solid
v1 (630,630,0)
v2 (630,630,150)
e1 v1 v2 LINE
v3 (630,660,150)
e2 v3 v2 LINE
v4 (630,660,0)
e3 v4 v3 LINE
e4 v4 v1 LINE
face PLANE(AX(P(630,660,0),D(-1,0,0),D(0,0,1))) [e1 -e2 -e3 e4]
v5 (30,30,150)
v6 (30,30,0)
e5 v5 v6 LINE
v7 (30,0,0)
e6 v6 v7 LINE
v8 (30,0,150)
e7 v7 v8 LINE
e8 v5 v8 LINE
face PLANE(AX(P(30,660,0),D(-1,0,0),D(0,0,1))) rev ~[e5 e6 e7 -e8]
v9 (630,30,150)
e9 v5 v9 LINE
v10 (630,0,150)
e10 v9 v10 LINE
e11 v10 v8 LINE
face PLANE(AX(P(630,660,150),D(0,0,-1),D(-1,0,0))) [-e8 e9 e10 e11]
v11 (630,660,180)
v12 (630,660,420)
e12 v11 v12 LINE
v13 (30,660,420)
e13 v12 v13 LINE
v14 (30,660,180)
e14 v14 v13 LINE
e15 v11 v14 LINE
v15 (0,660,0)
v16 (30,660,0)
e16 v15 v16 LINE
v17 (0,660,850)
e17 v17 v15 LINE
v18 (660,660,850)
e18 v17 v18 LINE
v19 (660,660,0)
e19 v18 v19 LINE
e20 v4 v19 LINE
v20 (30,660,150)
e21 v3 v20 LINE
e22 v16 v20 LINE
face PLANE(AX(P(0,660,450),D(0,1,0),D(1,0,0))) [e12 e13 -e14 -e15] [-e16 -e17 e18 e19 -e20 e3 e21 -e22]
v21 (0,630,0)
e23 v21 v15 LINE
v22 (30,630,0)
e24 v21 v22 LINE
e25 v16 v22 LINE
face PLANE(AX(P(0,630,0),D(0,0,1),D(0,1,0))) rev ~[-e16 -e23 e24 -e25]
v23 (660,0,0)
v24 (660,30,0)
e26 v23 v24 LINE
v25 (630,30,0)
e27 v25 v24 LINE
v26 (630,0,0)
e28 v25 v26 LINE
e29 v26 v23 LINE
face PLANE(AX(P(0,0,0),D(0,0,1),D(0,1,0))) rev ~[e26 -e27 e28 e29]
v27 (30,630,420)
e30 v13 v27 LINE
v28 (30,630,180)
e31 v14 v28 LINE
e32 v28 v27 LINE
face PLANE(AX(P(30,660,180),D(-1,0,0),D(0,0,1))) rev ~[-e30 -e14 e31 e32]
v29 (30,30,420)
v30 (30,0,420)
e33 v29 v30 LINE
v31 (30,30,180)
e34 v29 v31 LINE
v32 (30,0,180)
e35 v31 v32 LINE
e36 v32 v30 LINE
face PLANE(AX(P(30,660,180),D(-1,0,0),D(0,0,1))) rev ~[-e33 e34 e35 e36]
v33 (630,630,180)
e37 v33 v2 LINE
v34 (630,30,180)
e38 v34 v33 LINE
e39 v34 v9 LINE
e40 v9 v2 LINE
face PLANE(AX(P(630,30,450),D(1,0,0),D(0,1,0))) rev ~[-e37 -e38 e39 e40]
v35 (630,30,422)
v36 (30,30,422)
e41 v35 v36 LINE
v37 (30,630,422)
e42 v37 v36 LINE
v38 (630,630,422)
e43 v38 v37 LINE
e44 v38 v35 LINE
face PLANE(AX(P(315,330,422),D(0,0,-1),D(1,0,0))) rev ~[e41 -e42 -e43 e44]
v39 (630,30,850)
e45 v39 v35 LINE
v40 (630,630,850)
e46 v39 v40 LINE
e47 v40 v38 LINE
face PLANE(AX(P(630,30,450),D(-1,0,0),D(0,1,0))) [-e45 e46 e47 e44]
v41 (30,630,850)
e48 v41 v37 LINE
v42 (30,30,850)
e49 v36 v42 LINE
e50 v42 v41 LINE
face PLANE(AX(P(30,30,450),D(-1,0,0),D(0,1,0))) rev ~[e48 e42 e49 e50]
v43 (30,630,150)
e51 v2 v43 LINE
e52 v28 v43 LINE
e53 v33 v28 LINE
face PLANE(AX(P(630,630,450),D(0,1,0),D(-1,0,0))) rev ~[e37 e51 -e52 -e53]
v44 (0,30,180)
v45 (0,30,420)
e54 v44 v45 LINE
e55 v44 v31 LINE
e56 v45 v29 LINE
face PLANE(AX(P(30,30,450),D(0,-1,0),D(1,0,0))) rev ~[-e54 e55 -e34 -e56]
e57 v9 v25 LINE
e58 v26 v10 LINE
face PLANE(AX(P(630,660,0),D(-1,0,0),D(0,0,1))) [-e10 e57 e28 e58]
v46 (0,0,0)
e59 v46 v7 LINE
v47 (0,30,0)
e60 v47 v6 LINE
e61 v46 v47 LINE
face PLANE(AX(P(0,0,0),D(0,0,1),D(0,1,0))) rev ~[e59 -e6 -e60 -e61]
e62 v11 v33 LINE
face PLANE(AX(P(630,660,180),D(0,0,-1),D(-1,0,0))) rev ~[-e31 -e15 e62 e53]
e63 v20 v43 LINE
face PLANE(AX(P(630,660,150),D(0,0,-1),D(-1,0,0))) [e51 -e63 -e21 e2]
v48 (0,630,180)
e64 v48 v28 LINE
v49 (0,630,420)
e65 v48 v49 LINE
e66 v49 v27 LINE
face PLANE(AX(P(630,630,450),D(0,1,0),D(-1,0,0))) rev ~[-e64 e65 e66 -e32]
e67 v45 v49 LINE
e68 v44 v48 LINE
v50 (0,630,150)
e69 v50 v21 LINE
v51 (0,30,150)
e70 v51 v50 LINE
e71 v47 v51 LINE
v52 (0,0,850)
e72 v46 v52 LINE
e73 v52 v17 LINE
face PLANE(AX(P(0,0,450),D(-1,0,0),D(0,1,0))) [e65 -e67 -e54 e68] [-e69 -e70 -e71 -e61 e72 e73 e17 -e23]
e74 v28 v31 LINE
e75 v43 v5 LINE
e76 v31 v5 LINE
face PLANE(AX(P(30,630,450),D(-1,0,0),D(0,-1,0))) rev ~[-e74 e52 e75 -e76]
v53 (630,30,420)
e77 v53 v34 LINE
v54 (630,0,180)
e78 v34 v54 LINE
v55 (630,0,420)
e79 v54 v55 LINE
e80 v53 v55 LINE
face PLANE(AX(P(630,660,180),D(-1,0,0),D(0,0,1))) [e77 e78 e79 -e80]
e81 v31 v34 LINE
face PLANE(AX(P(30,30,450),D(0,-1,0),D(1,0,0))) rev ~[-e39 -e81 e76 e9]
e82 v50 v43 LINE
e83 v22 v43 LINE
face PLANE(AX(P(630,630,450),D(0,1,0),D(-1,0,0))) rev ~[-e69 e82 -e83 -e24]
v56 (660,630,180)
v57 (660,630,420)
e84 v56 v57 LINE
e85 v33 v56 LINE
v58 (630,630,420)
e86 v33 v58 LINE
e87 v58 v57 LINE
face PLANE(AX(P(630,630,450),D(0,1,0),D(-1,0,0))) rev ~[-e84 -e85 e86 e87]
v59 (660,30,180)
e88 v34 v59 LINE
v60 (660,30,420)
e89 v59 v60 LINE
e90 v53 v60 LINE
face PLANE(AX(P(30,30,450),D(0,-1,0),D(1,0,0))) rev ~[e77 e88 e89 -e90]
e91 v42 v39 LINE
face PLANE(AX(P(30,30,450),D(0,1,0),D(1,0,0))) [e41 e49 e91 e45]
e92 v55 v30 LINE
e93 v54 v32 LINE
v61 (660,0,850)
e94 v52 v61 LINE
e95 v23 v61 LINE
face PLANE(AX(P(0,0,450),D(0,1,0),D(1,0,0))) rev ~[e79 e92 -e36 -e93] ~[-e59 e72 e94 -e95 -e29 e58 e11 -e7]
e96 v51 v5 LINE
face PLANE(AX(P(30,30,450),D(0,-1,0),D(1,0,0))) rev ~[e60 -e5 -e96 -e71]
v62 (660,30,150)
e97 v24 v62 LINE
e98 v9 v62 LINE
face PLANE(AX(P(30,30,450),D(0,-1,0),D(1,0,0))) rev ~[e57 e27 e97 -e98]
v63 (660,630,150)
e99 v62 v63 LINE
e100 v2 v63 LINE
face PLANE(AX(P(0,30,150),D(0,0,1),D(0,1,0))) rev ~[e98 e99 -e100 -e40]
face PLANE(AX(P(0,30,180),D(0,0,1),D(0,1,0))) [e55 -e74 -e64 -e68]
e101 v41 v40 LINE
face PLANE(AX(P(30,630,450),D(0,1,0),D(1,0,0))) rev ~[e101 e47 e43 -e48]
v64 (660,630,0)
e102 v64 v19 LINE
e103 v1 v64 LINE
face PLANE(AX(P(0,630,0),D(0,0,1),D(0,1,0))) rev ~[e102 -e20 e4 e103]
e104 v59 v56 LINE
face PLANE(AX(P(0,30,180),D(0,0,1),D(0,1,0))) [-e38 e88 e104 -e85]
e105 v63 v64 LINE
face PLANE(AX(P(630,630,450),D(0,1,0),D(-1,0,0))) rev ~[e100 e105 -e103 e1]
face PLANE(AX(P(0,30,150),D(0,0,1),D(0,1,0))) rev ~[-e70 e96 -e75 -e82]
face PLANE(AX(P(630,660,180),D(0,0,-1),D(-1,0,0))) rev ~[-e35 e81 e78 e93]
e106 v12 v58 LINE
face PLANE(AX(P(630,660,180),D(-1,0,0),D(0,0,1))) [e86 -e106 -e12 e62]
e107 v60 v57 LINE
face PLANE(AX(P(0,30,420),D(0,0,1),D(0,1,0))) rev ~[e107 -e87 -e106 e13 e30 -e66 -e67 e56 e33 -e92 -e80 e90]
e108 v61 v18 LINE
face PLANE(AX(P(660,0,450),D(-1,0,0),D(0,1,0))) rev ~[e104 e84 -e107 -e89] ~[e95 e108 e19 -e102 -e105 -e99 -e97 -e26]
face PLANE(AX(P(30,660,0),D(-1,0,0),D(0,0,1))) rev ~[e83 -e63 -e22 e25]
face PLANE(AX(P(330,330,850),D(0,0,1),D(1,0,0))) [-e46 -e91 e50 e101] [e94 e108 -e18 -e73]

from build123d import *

# Parameters (mm, degrees)
F0_W     = 600
F0_H     = 240
F1_DEPTH = 660
F3_DEPTH = 450.001
F4_W     = 600
F4_H     = 150
F4_H_2   = 240
F5_DEPTH = 660.001
F6_W     = 660
F6_H     = 660
F6_W_2   = 600
F6_H_2   = 600
F7_DEPTH = 400
F8_W     = 630
F8_H     = 660
F9_DEPTH = 2


with BuildPart() as f1:
    # F0 (on Right) → F1 (new body)
    with BuildSketch(Plane.YZ):
        Polygon((0, 450), (0, 0), (30, 0), (30, 150), (630, 150), (630, 0), (660, 0), (660, 450), align=None)
        with Locations((330, 300)):
            Rectangle(F0_W, F0_H, mode=Mode.SUBTRACT)
    extrude(amount=F1_DEPTH)

    # F2 (on face) → F3 (cut, through all)
    with BuildSketch(Plane.XY.offset(450)):
        Polygon((30, 30), (630, 30), (630, 630), (385, 630), (30, 630), align=None)
    extrude(amount=-F3_DEPTH, mode=Mode.SUBTRACT)

    # F4 (on face) → F5 (cut, through all)
    with BuildSketch(Plane(origin=(0, 660, 0), x_dir=(-1, 0, 0), z_dir=(0, 1, 0))):
        with Locations((-330, 75)):
            Rectangle(F4_W, F4_H)
        with Locations((-330, 300)):
            Rectangle(F4_W, F4_H_2)
    extrude(amount=-F5_DEPTH, mode=Mode.SUBTRACT)

    # F6 (on face) → F7 (join)
    with BuildSketch(Plane.XY.offset(450)):
        with Locations((330, 330)):
            Rectangle(F6_W, F6_H)
        with Locations((330, 330)):
            Rectangle(F6_W_2, F6_H_2, mode=Mode.SUBTRACT)
    extrude(amount=F7_DEPTH)

    # F8 (on face) → F9 (join)
    with BuildSketch(Plane(origin=(0, 0, 420), x_dir=(1, 0, 0), z_dir=(0, 0, -1))):
        with Locations((315, -330)):
            Rectangle(F8_W, F8_H)
    extrude(amount=-F9_DEPTH)


solid = f1.part
